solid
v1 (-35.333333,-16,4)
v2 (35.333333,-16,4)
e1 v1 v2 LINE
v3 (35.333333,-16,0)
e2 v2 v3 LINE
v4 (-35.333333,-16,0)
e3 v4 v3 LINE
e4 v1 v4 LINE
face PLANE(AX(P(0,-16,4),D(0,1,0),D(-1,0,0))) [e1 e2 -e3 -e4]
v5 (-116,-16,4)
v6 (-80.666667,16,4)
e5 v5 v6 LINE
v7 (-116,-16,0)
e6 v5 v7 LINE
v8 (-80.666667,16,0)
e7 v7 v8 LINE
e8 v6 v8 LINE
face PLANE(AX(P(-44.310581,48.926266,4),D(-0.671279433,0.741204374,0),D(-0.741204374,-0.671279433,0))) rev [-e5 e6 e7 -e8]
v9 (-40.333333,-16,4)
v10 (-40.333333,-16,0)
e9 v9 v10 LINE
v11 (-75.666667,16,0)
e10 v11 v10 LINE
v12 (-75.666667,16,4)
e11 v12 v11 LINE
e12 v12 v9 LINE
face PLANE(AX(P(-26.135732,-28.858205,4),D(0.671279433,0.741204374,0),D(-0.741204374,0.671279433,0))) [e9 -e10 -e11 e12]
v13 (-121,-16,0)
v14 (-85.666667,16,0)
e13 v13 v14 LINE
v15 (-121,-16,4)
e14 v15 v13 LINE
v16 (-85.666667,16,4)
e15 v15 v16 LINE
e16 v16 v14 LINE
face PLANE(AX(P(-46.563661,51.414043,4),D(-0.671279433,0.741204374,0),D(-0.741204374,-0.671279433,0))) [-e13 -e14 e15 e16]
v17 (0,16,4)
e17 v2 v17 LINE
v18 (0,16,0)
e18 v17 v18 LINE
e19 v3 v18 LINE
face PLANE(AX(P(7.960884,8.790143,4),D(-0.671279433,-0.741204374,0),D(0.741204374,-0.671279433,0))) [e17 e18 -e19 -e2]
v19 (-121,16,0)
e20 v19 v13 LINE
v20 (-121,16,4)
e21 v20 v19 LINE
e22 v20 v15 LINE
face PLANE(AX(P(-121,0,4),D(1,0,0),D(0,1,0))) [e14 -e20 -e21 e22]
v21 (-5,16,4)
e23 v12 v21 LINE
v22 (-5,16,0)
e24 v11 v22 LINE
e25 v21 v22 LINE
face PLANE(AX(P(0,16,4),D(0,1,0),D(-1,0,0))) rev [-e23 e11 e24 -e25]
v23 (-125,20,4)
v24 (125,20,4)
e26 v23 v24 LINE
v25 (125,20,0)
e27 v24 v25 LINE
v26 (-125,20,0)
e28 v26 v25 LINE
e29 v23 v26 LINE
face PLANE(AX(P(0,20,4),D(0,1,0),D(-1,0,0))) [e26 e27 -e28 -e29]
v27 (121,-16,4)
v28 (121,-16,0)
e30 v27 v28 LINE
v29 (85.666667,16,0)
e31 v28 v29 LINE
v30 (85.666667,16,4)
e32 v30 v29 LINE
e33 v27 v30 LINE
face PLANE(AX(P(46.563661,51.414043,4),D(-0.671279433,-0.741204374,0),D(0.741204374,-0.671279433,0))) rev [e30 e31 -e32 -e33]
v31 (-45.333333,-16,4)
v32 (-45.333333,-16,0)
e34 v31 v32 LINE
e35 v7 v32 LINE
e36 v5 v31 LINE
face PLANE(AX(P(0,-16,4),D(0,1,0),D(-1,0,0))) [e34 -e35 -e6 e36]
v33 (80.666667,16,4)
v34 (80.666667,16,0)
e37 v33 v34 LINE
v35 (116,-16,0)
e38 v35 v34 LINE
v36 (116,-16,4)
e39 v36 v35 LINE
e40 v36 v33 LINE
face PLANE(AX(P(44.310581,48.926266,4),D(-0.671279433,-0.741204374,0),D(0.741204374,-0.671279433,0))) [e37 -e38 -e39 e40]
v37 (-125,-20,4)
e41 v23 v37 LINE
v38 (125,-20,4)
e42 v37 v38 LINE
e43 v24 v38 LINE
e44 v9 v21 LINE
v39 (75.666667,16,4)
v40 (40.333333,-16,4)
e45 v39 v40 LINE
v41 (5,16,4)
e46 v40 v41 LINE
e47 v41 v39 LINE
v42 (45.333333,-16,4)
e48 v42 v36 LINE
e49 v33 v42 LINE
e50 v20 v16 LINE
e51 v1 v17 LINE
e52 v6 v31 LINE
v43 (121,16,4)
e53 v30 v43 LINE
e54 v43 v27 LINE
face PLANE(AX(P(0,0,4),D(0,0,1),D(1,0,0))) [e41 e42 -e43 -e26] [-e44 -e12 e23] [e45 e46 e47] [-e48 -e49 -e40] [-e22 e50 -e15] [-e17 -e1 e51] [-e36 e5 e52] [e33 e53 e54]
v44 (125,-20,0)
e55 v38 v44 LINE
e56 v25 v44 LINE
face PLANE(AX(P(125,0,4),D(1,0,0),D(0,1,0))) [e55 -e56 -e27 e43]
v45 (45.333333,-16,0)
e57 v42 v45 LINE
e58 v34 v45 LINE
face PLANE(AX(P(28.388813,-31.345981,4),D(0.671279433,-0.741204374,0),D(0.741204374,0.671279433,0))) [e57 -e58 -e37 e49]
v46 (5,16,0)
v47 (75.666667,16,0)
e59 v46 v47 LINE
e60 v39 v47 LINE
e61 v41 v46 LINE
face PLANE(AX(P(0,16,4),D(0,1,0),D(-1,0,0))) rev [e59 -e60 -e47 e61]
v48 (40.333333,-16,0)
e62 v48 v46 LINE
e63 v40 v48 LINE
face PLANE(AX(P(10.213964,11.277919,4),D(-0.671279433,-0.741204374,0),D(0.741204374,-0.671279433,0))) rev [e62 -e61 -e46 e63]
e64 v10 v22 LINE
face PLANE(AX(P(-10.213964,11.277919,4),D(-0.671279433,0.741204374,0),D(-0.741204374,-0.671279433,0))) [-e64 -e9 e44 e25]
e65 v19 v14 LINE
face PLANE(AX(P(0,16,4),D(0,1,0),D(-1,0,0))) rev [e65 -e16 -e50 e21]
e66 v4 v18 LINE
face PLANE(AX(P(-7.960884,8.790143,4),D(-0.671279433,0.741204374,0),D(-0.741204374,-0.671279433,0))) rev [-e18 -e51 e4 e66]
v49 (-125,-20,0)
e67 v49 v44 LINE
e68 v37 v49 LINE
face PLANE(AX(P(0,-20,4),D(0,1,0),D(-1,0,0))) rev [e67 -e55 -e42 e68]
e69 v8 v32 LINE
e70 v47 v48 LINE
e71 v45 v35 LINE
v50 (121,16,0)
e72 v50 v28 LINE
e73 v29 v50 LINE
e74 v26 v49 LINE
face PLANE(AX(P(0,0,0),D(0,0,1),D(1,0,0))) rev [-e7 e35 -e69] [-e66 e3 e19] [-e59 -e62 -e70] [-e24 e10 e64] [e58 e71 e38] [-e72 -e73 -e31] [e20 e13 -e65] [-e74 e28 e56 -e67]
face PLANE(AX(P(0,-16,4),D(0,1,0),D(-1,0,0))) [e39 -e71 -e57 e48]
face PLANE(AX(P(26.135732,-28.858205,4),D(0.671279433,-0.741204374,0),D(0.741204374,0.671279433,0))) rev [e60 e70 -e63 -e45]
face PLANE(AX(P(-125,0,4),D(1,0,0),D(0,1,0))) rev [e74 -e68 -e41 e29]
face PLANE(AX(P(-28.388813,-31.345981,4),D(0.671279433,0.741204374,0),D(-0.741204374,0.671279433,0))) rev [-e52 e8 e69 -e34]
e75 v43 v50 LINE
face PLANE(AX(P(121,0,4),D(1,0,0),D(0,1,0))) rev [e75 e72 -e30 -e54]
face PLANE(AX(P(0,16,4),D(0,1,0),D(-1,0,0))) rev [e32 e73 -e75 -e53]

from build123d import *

# Parameters (mm, degrees)
SKETCH_1_W      = 250
SKETCH_1_H      = 40
SKETCH_1_W_2    = 242
SKETCH_1_H_2    = 32
EXTRUDE_1_DEPTH = 4


with BuildPart() as part:
    # 草图1 → 凸台-拉伸1 (new body)
    # profile 1 of 7: a face of its own
    with BuildSketch(Plane.XY):
        Rectangle(SKETCH_1_W, SKETCH_1_H)
        Rectangle(SKETCH_1_W_2, SKETCH_1_H_2, mode=Mode.SUBTRACT)
    # profile 2 of 7: a face of its own
    with BuildSketch(Plane.XY):
        Polygon((-80.666666667, 16), (-85.666666667, 16), (-121, -16), (-116, -16), align=None)
    # profile 3 of 7: a face of its own
    with BuildSketch(Plane.XY):
        Polygon((-75.666666667, 16), (-80.666666667, 16), (-45.333333333, -16), (-40.333333333, -16), align=None)
    # profile 4 of 7: a face of its own
    with BuildSketch(Plane.XY):
        Polygon((0, 16), (-5, 16), (-40.333333333, -16), (-35.333333333, -16), align=None)
    # profile 5 of 7: a face of its own
    with BuildSketch(Plane.XY):
        Polygon((5, 16), (0, 16), (35.333333333, -16), (40.333333333, -16), align=None)
    # profile 6 of 7: a face of its own
    with BuildSketch(Plane.XY):
        Polygon((80.666666667, 16), (75.666666667, 16), (40.333333333, -16), (45.333333333, -16), align=None)
    # profile 7 of 7: a face of its own
    with BuildSketch(Plane.XY):
        Polygon((85.666666667, 16), (80.666666667, 16), (116, -16), (121, -16), align=None)
    extrude(amount=EXTRUDE_1_DEPTH)


solid = part.part
